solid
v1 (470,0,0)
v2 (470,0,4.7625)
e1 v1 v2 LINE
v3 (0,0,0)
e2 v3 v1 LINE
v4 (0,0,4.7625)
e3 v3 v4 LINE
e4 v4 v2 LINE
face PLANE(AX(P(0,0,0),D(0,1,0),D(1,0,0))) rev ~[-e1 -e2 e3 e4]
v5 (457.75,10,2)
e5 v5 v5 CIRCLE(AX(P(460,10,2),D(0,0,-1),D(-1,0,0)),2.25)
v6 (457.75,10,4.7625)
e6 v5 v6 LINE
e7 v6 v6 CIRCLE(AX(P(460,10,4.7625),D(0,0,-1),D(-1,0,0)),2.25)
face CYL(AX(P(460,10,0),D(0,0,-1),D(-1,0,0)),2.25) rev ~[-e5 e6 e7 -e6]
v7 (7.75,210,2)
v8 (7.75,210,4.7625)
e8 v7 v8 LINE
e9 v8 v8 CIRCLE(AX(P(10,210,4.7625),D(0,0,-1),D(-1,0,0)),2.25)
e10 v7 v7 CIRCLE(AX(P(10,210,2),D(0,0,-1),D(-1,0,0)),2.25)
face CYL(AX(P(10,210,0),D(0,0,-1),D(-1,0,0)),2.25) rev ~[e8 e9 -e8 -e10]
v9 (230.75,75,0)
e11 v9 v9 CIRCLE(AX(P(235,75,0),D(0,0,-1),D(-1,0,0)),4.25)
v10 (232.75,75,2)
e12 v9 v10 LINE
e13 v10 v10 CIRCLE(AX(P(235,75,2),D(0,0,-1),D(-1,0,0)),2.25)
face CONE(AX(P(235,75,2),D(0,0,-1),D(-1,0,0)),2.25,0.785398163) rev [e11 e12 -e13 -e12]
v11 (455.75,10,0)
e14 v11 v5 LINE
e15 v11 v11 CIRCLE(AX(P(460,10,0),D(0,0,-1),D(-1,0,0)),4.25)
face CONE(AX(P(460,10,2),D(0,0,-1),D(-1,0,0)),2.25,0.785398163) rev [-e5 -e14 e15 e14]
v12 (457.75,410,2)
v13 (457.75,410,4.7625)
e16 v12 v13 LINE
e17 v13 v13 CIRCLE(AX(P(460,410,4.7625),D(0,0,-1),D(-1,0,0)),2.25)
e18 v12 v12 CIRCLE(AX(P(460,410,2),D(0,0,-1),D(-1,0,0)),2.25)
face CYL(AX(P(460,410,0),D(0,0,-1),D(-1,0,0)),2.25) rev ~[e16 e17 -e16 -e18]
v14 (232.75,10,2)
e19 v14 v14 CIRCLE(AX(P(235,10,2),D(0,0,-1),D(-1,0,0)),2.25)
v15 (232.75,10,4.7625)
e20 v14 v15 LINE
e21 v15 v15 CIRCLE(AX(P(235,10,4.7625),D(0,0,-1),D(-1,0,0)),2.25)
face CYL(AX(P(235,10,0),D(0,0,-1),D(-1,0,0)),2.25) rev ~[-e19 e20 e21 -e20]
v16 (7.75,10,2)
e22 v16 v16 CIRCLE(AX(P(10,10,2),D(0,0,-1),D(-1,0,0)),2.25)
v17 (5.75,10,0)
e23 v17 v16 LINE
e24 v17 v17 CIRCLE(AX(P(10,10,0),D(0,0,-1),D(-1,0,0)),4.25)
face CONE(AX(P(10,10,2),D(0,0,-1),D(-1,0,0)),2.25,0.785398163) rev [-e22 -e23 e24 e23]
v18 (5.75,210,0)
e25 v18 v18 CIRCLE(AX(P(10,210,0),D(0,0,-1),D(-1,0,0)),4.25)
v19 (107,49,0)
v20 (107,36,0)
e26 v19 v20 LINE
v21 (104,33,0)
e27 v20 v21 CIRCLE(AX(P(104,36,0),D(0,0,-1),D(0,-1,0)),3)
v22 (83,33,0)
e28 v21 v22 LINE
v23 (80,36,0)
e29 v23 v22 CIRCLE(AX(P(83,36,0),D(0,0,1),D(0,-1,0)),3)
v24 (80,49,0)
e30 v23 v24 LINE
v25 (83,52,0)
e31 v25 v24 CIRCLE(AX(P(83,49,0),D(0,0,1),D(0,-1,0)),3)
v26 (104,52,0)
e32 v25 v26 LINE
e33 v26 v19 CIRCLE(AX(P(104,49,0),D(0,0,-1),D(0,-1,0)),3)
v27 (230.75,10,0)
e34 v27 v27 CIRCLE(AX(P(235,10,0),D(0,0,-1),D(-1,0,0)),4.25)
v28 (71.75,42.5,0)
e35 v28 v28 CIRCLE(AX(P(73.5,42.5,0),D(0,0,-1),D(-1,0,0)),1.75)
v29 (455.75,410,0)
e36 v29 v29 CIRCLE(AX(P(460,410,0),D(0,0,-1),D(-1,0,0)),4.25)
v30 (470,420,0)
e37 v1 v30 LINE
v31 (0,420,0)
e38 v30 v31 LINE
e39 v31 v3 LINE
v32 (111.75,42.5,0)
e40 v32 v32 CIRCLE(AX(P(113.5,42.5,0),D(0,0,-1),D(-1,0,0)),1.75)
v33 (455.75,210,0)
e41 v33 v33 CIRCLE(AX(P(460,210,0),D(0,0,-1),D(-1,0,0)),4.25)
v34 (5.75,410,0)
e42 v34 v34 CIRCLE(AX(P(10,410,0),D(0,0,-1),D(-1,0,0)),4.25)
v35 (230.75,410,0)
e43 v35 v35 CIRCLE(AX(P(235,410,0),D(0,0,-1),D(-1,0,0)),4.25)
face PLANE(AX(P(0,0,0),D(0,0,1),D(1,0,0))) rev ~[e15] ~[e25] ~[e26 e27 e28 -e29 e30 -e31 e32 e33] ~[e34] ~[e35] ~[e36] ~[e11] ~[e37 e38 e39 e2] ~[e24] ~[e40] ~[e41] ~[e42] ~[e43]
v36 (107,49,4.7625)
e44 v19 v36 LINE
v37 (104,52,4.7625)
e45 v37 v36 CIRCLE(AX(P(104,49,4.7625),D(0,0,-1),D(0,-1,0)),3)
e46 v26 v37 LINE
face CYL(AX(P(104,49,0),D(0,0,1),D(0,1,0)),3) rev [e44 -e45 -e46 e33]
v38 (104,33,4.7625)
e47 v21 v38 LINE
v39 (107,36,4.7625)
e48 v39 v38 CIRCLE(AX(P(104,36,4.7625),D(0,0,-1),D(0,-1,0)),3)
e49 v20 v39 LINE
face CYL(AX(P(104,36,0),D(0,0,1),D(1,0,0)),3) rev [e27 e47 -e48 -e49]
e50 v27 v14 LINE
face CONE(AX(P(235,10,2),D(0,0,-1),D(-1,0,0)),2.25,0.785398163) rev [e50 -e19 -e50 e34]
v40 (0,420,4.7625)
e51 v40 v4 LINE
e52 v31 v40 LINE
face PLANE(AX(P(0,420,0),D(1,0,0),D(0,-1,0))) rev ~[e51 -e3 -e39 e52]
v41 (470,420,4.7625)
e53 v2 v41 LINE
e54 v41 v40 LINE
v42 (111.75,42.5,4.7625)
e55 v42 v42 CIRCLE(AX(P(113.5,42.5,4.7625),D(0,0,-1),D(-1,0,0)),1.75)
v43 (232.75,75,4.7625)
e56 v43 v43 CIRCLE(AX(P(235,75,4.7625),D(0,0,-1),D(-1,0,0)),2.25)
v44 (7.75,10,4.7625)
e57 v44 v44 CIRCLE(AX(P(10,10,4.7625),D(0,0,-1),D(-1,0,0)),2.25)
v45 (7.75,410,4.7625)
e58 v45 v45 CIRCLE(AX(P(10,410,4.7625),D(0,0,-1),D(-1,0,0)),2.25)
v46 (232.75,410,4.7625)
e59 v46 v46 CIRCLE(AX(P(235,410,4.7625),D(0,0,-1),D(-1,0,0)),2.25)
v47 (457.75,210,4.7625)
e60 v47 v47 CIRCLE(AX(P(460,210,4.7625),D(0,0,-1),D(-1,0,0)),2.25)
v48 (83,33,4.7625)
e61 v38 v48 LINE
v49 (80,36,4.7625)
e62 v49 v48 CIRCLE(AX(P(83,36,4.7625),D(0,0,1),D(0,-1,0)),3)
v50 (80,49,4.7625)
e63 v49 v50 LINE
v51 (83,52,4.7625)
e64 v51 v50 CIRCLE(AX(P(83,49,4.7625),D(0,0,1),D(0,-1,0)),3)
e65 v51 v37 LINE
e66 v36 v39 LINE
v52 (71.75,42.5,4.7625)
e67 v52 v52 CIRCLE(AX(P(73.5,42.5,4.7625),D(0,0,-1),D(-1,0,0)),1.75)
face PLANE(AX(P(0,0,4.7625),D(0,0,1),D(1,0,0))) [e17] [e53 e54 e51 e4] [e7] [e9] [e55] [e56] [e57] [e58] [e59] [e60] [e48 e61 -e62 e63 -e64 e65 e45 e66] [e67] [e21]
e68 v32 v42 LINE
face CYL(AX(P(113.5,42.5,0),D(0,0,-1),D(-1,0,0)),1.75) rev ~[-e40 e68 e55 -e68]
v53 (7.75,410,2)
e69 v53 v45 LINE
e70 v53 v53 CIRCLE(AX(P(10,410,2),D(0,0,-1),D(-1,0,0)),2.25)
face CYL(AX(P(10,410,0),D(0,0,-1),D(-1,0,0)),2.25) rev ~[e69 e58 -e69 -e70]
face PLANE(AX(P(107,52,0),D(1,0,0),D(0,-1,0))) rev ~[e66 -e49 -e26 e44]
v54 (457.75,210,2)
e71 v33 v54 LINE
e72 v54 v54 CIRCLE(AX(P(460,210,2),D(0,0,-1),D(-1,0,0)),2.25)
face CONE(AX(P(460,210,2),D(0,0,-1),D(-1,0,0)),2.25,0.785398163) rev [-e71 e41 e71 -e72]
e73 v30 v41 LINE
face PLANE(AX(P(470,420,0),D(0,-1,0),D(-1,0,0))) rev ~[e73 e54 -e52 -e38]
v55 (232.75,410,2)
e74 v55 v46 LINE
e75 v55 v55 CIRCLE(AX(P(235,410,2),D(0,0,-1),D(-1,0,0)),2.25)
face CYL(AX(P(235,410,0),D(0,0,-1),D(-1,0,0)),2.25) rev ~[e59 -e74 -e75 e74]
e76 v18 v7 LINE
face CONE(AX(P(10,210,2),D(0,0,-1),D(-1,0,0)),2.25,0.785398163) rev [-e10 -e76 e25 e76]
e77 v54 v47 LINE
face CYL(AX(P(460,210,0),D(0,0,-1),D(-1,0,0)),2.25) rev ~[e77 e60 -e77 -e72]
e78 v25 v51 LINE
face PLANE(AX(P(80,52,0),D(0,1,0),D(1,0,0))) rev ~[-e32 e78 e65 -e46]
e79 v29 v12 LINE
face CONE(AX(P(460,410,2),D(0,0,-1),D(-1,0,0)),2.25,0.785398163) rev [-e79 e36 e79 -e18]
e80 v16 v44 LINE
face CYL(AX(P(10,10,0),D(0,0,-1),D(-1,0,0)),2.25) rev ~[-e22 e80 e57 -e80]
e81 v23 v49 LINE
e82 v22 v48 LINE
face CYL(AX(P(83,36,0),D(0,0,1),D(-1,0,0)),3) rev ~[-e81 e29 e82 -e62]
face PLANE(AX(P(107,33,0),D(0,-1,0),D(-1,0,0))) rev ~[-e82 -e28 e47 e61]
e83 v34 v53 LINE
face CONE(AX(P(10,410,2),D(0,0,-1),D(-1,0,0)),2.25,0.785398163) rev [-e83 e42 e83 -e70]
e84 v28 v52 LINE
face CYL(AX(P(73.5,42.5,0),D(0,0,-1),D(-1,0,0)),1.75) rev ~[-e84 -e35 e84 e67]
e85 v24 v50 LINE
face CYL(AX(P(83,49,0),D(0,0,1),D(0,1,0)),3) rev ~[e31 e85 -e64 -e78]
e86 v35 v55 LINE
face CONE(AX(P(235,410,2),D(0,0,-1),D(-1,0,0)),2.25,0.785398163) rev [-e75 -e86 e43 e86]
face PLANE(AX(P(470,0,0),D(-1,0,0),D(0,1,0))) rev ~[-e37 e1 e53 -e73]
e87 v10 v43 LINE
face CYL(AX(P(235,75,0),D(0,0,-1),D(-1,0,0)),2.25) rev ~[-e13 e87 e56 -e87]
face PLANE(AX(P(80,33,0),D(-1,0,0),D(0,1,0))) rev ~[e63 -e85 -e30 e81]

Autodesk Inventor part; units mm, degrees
ref_plane "YZ Plane" through (0, 0, 0) normal (1, 0, 0) x (0, 1, 0)
ref_plane "XZ Plane" through (0, 0, 0) normal (0, 1, 0) x (-1, 0, 0)
ref_plane "XY Plane" through (0, 0, 0) normal (0, 0, 1) x (1, 0, 0)
sketch "Sketch1" plane through (0, 0, 0) normal (0, 0, 1) x (1, 0, 0)
  line L0 (0, 0) -> (470, 0)
  line L1 (470, 0) -> (470, 420)
  line L2 (470, 420) -> (0, 420)
  line L3 (0, 420) -> (0, 0)
  dimension "d0" = 470
  dimension "d1" = 420
extrude "Extrusion1" add sketch "Sketch1" along normal blind 4.7625
sketch "Sketch2" plane through (0, 0, 0) normal (0, 0, -1) x (-1, 0, 0)
  line L0 (0, 0) -> (-470, 0) projected
  line L1 (0, 420) -> (0, 0) projected
  line L2 (-107, 33) -> (-80, 33)
  line L3 (-80, 33) -> (-80, 52)
  line L4 (-80, 52) -> (-107, 52)
  line L5 (-107, 52) -> (-107, 33)
  dimension "d4" = 27
  dimension "d5" = 19
  dimension "d6" = 33
  dimension "d7" = 80
extrude "Extrusion2" cut sketch "Sketch2" against normal up to next
sketch "Sketch3" plane through (0, 0, 0) normal (0, 0, -1) x (-1, 0, 0)
  line L0 (-80, 52) -> (-80, 33) projected
  line L1 (-107, 52) -> (-80, 52) projected
  circle A0 centre (-113.5, 42.5) radius 1.75
  circle A1 centre (-73.5, 42.5) radius 1.75
  dimension "d10" = 3.5
  dimension "d11" = 40
  dimension "d12" = 6.5
  dimension "d13" = 9.5
extrude "Extrusion3" cut sketch "Sketch3" against normal up to next
sketch "Sketch4" plane through (0, 0, 0) normal (0, 0, -1) x (-1, 0, 0)
  line L0 (0, 0) -> (-470, 0) projected
  line L1 (0, 420) -> (0, 0) projected
  line L2 (-470, 420) -> (0, 420) projected
  line L3 (-470, 0) -> (-470, 420) projected
  circle A0 centre (-460, 410) radius 2.25
  circle A1 centre (-10, 410) radius 2.25
  circle A2 centre (-10, 10) radius 2.25
  circle A3 centre (-460, 10) radius 2.25
  circle A4 centre (-235, 410) radius 2.25
  circle A5 centre (-235, 10) radius 2.25
  circle A6 centre (-10, 210) radius 2.25
  circle A7 centre (-460, 210) radius 2.25
  circle A8 centre (-235, 75) radius 2.25
  dimension "d16" = 10
  dimension "d17" = 4.5
  dimension "d18" = 10
  dimension "d19" = 10
  dimension "d20" = 10
  dimension "d21" = 210
  dimension "d22" = 235
  dimension "d23" = 75
extrude "Extrusion4" cut sketch "Sketch4" against normal up to next contours A0 | A1 | A2 | A3 | A4 | A5 | A6 | A7 | A8
chamfer "Chamfer1" distance 2 angle 45 9 edges at (462.25, 410, 0) (237.25, 410, 0) (12.25, 410, 0) (12.25, 210, 0) (237.25, 75, 0) (237.25, 10, 0) (12.25, 10, 0) (462.25, 10, 0) (462.25, 210, 0)
fillet "Fillet1" radius 3 4 edges at (80, 33, 2.3813) (80, 52, 2.3813) (107, 52, 2.3813) (107, 33, 2.3813)
properties part number "EnclosurePanelBack" material "ABS Plastic"
